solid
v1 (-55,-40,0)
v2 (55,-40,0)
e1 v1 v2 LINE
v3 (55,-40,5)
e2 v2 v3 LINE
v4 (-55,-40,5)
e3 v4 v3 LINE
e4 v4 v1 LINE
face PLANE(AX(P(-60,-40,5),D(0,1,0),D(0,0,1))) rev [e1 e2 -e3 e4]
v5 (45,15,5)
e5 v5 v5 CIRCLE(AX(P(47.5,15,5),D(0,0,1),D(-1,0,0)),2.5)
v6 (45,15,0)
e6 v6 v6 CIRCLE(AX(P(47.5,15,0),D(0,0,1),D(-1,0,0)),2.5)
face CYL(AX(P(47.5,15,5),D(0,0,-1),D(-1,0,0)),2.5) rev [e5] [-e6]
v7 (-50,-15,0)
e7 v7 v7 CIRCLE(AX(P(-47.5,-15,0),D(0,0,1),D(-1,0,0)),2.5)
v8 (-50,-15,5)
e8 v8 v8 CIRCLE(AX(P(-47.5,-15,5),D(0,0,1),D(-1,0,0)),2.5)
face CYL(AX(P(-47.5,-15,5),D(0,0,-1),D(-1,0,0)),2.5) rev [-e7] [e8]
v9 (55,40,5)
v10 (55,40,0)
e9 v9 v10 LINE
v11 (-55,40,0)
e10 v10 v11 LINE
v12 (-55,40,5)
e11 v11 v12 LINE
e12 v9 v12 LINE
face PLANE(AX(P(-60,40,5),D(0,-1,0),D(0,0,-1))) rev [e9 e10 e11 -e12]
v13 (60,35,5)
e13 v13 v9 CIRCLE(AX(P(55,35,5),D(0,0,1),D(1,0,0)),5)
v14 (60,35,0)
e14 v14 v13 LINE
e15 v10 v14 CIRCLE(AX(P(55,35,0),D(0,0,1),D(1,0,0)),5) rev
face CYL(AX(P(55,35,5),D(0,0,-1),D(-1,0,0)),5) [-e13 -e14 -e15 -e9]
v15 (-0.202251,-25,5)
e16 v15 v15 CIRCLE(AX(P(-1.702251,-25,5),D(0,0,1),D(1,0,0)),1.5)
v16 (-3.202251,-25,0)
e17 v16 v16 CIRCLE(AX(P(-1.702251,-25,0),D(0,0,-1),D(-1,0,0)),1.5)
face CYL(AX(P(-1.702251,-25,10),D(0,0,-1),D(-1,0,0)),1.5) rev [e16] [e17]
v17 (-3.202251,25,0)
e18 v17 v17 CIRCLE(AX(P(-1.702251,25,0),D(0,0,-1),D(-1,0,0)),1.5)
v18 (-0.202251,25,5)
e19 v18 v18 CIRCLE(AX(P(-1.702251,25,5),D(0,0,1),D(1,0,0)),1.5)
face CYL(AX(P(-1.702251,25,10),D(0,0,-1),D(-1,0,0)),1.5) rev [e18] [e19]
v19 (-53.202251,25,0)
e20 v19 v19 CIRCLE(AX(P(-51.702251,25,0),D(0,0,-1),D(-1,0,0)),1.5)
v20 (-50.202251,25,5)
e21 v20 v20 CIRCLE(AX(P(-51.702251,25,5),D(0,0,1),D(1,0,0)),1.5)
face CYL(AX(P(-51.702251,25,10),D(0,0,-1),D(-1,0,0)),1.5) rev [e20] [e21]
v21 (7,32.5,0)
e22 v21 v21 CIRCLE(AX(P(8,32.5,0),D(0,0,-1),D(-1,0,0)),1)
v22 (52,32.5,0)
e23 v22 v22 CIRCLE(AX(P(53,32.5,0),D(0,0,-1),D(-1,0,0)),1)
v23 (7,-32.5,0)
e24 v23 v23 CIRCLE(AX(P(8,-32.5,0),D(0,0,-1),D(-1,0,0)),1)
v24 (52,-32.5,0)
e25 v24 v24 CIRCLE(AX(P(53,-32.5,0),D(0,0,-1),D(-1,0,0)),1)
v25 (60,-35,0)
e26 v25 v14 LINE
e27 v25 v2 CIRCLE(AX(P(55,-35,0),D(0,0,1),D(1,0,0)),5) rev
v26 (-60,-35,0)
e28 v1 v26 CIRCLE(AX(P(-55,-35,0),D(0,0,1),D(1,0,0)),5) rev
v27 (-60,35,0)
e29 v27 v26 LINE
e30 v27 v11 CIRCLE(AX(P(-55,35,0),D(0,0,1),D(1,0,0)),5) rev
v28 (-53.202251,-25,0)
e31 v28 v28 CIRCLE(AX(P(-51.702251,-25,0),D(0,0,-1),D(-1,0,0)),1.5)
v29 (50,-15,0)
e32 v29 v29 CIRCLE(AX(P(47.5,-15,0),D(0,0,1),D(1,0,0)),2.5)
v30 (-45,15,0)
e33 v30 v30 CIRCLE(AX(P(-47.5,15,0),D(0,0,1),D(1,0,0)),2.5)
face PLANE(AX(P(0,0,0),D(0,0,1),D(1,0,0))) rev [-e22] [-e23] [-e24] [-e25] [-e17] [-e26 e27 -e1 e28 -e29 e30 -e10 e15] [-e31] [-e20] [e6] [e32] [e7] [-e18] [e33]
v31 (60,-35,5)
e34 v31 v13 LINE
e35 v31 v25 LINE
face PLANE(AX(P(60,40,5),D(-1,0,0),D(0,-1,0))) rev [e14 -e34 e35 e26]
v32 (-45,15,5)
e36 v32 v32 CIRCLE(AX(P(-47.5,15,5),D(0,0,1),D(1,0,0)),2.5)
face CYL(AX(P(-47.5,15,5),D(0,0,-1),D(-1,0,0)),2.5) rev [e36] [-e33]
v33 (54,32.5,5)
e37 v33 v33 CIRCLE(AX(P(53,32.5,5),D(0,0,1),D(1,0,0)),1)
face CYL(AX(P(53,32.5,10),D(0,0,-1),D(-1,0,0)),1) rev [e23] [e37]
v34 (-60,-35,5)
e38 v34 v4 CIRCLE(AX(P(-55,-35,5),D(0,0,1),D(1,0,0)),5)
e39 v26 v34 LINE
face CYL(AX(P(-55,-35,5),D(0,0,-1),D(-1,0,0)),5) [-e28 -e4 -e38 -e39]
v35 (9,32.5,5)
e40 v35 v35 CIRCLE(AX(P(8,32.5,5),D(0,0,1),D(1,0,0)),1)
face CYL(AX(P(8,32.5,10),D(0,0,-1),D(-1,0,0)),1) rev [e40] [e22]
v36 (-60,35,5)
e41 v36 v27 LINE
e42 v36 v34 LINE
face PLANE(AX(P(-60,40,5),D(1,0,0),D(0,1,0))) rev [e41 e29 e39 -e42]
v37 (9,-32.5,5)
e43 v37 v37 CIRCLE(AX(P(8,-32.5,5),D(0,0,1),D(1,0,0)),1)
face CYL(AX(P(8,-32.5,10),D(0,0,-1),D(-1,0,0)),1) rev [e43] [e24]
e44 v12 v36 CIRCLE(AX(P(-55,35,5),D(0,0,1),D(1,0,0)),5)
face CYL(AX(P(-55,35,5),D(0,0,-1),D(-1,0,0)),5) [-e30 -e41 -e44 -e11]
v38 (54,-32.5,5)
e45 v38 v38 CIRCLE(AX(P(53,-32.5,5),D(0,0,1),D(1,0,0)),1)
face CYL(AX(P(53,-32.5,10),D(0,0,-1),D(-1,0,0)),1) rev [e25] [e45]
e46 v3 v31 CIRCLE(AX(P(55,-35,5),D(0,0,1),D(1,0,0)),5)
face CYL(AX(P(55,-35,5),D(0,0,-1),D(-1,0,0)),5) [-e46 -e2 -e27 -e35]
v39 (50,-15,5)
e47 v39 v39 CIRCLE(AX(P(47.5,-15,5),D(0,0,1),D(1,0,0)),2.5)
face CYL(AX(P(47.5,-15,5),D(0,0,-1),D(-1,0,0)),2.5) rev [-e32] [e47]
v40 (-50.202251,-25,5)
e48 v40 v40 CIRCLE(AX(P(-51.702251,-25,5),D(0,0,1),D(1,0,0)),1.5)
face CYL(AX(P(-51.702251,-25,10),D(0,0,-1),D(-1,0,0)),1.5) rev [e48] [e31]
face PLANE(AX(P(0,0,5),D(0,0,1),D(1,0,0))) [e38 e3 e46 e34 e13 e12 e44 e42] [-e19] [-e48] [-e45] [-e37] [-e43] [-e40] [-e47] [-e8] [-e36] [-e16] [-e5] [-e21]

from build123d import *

# Parameters (mm, degrees)
SKETCH_1_W          = 120
SKETCH_1_H          = 80
SKETCH_1_R          = 2.5
EXTRUDE_1_DEPTH     = 5
SKETCH_3_R          = 1.5
SKETCH_3_R_2        = 1
CUT_EXTRUDE_1_DEPTH = 10
FILLET_1_R          = 5


with BuildPart() as part:
    # 草图1 → 凸台-拉伸1 (new body)
    with BuildSketch(Plane.XY):
        Rectangle(SKETCH_1_W, SKETCH_1_H)
        with Locations((-47.5, 15)):
            Circle(SKETCH_1_R, mode=Mode.SUBTRACT)
        with Locations((47.5, 15)):
            Circle(SKETCH_1_R, mode=Mode.SUBTRACT)
        with Locations((47.5, -15)):
            Circle(SKETCH_1_R, mode=Mode.SUBTRACT)
        with Locations((-47.5, -15)):
            Circle(SKETCH_1_R, mode=Mode.SUBTRACT)
    extrude(amount=EXTRUDE_1_DEPTH)

    # 草图3 → 切除-拉伸1 (cut)
    with BuildSketch(Plane(origin=(0, 0, 0), x_dir=(-1, 0, 0), z_dir=(0, 0, -1))):
        with Locations((51.702251253, -25)):
            Circle(SKETCH_3_R)
        with Locations((1.702251253, -25)):
            Circle(SKETCH_3_R)
        with Locations((1.702251253, 25)):
            Circle(SKETCH_3_R)
        with Locations((51.702251253, 25)):
            Circle(SKETCH_3_R)
        with Locations((-8, -32.5)):
            Circle(SKETCH_3_R_2)
        with Locations((-53, -32.5)):
            Circle(SKETCH_3_R_2)
        with Locations((-53, 32.5)):
            Circle(SKETCH_3_R_2)
        with Locations((-8, 32.5)):
            Circle(SKETCH_3_R_2)
    extrude(amount=-CUT_EXTRUDE_1_DEPTH, mode=Mode.SUBTRACT)

    # 圆角1
    fillet_1_edges = [part.edges().sort_by_distance(p)[0] for p in [
        (60, -40, 2.5),
        (-60, -40, 2.5),
        (-60, 40, 2.5),
        (60, 40, 2.5),
    ]]
    fillet(fillet_1_edges, radius=FILLET_1_R)


solid = part.part
